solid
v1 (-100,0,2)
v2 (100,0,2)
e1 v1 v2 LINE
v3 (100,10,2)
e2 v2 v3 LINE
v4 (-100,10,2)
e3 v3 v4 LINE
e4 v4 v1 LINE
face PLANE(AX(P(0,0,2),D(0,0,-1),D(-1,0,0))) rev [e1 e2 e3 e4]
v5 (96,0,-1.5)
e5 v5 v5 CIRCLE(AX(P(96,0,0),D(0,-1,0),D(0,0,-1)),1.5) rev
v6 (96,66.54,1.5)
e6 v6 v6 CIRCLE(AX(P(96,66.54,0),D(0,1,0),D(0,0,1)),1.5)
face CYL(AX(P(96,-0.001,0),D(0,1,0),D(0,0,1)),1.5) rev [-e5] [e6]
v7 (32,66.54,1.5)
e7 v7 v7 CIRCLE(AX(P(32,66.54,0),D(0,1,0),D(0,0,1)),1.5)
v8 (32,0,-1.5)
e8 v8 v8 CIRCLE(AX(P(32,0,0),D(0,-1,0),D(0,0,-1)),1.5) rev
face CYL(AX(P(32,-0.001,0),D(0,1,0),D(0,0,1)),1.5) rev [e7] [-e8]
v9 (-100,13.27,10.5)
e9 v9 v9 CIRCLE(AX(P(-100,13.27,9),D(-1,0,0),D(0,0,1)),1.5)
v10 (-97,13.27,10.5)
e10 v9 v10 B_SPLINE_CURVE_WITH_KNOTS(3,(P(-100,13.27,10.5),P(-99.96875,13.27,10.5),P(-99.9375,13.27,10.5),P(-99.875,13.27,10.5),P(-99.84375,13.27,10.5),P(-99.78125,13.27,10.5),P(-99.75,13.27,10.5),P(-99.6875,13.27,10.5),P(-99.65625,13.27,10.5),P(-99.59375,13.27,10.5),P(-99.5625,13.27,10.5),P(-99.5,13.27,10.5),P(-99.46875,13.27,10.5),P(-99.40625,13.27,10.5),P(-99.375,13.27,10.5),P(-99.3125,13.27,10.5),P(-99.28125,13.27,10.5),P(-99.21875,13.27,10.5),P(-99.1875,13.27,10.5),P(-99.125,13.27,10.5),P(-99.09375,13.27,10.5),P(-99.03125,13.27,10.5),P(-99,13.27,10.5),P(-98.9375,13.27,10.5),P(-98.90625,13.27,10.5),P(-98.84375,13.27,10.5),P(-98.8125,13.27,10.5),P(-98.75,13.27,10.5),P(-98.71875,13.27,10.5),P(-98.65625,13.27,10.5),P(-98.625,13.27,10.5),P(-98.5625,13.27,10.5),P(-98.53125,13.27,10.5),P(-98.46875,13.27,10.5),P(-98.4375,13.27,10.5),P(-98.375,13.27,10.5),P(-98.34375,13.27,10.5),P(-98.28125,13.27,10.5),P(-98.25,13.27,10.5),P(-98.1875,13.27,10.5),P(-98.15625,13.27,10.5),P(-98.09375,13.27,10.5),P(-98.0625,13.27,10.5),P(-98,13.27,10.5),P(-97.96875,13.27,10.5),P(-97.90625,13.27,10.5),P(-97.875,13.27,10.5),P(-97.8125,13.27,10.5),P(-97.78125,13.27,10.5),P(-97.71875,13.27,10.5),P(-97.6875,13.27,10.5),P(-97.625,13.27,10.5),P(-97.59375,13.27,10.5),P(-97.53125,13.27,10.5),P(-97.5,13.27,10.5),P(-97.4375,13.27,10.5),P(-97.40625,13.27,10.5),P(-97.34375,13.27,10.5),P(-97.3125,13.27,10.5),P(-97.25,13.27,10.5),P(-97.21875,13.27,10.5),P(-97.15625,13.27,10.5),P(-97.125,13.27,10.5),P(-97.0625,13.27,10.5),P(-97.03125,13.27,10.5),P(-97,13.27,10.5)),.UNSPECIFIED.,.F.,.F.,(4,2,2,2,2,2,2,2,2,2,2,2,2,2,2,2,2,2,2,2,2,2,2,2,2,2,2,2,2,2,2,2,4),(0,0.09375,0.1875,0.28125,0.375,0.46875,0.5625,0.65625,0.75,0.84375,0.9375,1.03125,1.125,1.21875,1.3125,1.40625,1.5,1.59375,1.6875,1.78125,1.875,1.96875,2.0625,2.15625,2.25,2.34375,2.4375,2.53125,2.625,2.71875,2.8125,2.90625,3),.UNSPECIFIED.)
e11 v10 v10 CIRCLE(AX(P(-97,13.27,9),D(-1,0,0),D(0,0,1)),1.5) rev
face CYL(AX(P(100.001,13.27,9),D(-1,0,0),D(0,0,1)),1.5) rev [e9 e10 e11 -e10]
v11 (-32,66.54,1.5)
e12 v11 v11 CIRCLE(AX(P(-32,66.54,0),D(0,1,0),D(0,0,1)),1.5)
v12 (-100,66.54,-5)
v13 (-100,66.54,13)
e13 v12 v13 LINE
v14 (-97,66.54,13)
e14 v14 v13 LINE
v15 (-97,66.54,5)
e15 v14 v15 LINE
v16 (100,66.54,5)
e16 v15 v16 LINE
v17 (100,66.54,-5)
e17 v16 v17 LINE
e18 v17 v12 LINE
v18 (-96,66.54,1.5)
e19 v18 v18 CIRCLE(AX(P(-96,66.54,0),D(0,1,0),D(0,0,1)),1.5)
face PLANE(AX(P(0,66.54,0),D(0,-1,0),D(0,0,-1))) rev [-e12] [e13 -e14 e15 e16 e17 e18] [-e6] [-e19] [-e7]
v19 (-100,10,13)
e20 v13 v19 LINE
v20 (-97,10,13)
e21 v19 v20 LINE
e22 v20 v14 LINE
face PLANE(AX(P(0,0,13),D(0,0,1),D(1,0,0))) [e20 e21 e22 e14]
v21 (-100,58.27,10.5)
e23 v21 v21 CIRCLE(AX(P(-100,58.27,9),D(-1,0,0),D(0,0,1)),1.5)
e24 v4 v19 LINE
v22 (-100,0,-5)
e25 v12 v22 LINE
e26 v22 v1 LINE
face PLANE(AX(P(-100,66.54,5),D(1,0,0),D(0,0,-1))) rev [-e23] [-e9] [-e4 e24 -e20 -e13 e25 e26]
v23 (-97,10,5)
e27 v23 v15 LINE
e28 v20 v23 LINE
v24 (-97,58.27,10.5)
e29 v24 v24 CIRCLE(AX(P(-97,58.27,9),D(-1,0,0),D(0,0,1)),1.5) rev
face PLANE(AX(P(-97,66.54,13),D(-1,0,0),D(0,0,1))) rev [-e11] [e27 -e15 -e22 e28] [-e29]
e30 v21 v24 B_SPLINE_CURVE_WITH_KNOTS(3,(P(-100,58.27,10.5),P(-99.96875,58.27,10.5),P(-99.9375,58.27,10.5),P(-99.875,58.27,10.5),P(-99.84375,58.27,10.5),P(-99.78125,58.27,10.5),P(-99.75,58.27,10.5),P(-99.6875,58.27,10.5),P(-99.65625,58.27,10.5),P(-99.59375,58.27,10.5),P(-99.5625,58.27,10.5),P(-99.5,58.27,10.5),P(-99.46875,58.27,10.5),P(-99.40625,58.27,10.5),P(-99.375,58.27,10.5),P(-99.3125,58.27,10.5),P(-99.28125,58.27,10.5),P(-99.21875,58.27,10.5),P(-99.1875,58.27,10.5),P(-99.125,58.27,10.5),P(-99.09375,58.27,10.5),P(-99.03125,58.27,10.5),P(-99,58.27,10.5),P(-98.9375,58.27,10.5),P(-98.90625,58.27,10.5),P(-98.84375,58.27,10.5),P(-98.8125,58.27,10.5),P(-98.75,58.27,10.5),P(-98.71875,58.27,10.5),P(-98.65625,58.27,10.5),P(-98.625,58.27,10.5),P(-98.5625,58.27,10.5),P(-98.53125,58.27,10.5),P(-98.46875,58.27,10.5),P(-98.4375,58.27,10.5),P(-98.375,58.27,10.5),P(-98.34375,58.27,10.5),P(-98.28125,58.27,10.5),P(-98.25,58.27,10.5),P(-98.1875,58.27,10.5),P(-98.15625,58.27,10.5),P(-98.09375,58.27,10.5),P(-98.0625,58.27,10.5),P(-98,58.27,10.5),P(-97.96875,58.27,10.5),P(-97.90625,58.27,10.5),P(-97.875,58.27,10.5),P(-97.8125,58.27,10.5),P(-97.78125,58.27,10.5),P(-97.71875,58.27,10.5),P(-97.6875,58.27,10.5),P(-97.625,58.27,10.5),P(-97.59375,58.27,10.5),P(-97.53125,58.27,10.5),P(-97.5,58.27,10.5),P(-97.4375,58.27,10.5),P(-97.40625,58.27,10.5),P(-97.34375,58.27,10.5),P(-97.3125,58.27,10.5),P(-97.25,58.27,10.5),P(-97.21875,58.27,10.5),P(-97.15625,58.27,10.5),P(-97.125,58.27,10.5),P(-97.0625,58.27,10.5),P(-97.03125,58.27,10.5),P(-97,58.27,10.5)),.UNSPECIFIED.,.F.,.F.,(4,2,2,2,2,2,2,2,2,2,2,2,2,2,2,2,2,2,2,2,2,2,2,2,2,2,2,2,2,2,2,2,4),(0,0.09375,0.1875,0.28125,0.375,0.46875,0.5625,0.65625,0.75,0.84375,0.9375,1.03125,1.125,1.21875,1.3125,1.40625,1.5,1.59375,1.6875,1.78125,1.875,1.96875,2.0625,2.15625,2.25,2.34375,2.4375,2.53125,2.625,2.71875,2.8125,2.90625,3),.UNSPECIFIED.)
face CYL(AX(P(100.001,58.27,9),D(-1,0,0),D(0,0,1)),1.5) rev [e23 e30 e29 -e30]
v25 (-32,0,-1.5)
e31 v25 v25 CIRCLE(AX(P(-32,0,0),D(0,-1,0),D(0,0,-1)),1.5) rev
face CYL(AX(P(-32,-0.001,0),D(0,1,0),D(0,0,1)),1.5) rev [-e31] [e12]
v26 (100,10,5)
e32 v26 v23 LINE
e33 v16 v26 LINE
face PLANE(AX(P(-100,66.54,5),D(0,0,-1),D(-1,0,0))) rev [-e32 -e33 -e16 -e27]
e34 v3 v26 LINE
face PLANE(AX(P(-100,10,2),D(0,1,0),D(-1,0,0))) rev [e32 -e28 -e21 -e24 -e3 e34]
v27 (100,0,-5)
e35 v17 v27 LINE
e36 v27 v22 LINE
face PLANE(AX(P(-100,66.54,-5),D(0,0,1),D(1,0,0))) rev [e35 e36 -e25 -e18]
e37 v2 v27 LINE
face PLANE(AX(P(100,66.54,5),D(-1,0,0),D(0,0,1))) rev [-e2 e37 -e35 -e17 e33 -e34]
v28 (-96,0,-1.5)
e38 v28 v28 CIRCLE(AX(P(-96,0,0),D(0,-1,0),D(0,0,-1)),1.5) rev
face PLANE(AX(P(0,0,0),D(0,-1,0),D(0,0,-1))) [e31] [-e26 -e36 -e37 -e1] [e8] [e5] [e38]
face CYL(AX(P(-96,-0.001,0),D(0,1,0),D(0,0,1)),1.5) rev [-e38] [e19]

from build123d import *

# Parameters (mm, degrees)
SKETCH1_W           = 200
SKETCH1_H           = 10
BOSS_EXTRUDE1_DEPTH = 66.54
CUT_EXTRUDE1_REACH  = 122.219
SKETCH2_R           = 1.5
LPATTERN1_COUNT     = 4
LPATTERN1_PITCH     = 64
SKETCH3_W           = 200
SKETCH3_H           = 10
CUT_EXTRUDE2_DEPTH  = 3
SKETCH4_W           = 3
SKETCH4_H           = 56.54
BOSS_EXTRUDE2_DEPTH = 8
CUT_EXTRUDE3_REACH  = 213.179
SKETCH5_R           = 1.5


with BuildPart() as part:
    # Sketch1 → Boss-Extrude1 (new body)
    with BuildSketch(Plane(origin=(0, 0, 0), x_dir=(1, 0, 0), z_dir=(0, 1, 0))):
        Rectangle(SKETCH1_W, SKETCH1_H)
    extrude(amount=BOSS_EXTRUDE1_DEPTH)

    # Sketch2 → Cut-Extrude1 (cut, up to next)
    with BuildSketch(Plane(origin=(0, 66.54, 0), x_dir=(1, 0, 0), z_dir=(0, 1, 0)), mode=Mode.PRIVATE) as cut_extrude1_sk1:
        with Locations(Location((-96, 0, 0), (0, 0, 270))):
            Circle(SKETCH2_R)
    cut_extrude1_tool1 = extrude(cut_extrude1_sk1.sketch, amount=-CUT_EXTRUDE1_REACH, mode=Mode.PRIVATE) & part.part
    cut_extrude1 = cut_extrude1_tool1.solids().sort_by_distance((-96, 66.54, 0))[0]
    add(cut_extrude1, mode=Mode.SUBTRACT)

    # LPattern1: Cut-Extrude1 ×4
    with Locations(*[(i * LPATTERN1_PITCH, 0, 0) for i in range(1, LPATTERN1_COUNT)]):
        add(cut_extrude1, mode=Mode.SUBTRACT)

    # Sketch3 → Cut-Extrude2 (cut)
    with BuildSketch(Plane.XY.offset(5)):
        with Locations((0, 5)):
            Rectangle(SKETCH3_W, SKETCH3_H)
    extrude(amount=-CUT_EXTRUDE2_DEPTH, mode=Mode.SUBTRACT)

    # Sketch4 → Boss-Extrude2 (add)
    with BuildSketch(Plane.XY.offset(5)):
        with Locations((-98.5, 38.27)):
            Rectangle(SKETCH4_W, SKETCH4_H)
    extrude(amount=BOSS_EXTRUDE2_DEPTH)

    # Sketch5 → Cut-Extrude3 (cut, up to next)
    with BuildSketch(Plane.ZY.offset(100), mode=Mode.PRIVATE) as cut_extrude3_sk1:
        with Locations((9, 58.27)):
            Circle(SKETCH5_R)
    cut_extrude3_tool1 = extrude(cut_extrude3_sk1.sketch, amount=-CUT_EXTRUDE3_REACH, mode=Mode.PRIVATE) & part.part
    # Sketch5 → Cut-Extrude3 (cut, up to next)
    with BuildSketch(Plane.ZY.offset(100), mode=Mode.PRIVATE) as cut_extrude3_sk2:
        with Locations((9, 13.27)):
            Circle(SKETCH5_R)
    cut_extrude3_tool2 = extrude(cut_extrude3_sk2.sketch, amount=-CUT_EXTRUDE3_REACH, mode=Mode.PRIVATE) & part.part
    add(cut_extrude3_tool1.solids().sort_by_distance((-100, 58.27, 9))[0], mode=Mode.SUBTRACT)
    add(cut_extrude3_tool2.solids().sort_by_distance((-100, 13.27, 9))[0], mode=Mode.SUBTRACT)


solid = part.part
